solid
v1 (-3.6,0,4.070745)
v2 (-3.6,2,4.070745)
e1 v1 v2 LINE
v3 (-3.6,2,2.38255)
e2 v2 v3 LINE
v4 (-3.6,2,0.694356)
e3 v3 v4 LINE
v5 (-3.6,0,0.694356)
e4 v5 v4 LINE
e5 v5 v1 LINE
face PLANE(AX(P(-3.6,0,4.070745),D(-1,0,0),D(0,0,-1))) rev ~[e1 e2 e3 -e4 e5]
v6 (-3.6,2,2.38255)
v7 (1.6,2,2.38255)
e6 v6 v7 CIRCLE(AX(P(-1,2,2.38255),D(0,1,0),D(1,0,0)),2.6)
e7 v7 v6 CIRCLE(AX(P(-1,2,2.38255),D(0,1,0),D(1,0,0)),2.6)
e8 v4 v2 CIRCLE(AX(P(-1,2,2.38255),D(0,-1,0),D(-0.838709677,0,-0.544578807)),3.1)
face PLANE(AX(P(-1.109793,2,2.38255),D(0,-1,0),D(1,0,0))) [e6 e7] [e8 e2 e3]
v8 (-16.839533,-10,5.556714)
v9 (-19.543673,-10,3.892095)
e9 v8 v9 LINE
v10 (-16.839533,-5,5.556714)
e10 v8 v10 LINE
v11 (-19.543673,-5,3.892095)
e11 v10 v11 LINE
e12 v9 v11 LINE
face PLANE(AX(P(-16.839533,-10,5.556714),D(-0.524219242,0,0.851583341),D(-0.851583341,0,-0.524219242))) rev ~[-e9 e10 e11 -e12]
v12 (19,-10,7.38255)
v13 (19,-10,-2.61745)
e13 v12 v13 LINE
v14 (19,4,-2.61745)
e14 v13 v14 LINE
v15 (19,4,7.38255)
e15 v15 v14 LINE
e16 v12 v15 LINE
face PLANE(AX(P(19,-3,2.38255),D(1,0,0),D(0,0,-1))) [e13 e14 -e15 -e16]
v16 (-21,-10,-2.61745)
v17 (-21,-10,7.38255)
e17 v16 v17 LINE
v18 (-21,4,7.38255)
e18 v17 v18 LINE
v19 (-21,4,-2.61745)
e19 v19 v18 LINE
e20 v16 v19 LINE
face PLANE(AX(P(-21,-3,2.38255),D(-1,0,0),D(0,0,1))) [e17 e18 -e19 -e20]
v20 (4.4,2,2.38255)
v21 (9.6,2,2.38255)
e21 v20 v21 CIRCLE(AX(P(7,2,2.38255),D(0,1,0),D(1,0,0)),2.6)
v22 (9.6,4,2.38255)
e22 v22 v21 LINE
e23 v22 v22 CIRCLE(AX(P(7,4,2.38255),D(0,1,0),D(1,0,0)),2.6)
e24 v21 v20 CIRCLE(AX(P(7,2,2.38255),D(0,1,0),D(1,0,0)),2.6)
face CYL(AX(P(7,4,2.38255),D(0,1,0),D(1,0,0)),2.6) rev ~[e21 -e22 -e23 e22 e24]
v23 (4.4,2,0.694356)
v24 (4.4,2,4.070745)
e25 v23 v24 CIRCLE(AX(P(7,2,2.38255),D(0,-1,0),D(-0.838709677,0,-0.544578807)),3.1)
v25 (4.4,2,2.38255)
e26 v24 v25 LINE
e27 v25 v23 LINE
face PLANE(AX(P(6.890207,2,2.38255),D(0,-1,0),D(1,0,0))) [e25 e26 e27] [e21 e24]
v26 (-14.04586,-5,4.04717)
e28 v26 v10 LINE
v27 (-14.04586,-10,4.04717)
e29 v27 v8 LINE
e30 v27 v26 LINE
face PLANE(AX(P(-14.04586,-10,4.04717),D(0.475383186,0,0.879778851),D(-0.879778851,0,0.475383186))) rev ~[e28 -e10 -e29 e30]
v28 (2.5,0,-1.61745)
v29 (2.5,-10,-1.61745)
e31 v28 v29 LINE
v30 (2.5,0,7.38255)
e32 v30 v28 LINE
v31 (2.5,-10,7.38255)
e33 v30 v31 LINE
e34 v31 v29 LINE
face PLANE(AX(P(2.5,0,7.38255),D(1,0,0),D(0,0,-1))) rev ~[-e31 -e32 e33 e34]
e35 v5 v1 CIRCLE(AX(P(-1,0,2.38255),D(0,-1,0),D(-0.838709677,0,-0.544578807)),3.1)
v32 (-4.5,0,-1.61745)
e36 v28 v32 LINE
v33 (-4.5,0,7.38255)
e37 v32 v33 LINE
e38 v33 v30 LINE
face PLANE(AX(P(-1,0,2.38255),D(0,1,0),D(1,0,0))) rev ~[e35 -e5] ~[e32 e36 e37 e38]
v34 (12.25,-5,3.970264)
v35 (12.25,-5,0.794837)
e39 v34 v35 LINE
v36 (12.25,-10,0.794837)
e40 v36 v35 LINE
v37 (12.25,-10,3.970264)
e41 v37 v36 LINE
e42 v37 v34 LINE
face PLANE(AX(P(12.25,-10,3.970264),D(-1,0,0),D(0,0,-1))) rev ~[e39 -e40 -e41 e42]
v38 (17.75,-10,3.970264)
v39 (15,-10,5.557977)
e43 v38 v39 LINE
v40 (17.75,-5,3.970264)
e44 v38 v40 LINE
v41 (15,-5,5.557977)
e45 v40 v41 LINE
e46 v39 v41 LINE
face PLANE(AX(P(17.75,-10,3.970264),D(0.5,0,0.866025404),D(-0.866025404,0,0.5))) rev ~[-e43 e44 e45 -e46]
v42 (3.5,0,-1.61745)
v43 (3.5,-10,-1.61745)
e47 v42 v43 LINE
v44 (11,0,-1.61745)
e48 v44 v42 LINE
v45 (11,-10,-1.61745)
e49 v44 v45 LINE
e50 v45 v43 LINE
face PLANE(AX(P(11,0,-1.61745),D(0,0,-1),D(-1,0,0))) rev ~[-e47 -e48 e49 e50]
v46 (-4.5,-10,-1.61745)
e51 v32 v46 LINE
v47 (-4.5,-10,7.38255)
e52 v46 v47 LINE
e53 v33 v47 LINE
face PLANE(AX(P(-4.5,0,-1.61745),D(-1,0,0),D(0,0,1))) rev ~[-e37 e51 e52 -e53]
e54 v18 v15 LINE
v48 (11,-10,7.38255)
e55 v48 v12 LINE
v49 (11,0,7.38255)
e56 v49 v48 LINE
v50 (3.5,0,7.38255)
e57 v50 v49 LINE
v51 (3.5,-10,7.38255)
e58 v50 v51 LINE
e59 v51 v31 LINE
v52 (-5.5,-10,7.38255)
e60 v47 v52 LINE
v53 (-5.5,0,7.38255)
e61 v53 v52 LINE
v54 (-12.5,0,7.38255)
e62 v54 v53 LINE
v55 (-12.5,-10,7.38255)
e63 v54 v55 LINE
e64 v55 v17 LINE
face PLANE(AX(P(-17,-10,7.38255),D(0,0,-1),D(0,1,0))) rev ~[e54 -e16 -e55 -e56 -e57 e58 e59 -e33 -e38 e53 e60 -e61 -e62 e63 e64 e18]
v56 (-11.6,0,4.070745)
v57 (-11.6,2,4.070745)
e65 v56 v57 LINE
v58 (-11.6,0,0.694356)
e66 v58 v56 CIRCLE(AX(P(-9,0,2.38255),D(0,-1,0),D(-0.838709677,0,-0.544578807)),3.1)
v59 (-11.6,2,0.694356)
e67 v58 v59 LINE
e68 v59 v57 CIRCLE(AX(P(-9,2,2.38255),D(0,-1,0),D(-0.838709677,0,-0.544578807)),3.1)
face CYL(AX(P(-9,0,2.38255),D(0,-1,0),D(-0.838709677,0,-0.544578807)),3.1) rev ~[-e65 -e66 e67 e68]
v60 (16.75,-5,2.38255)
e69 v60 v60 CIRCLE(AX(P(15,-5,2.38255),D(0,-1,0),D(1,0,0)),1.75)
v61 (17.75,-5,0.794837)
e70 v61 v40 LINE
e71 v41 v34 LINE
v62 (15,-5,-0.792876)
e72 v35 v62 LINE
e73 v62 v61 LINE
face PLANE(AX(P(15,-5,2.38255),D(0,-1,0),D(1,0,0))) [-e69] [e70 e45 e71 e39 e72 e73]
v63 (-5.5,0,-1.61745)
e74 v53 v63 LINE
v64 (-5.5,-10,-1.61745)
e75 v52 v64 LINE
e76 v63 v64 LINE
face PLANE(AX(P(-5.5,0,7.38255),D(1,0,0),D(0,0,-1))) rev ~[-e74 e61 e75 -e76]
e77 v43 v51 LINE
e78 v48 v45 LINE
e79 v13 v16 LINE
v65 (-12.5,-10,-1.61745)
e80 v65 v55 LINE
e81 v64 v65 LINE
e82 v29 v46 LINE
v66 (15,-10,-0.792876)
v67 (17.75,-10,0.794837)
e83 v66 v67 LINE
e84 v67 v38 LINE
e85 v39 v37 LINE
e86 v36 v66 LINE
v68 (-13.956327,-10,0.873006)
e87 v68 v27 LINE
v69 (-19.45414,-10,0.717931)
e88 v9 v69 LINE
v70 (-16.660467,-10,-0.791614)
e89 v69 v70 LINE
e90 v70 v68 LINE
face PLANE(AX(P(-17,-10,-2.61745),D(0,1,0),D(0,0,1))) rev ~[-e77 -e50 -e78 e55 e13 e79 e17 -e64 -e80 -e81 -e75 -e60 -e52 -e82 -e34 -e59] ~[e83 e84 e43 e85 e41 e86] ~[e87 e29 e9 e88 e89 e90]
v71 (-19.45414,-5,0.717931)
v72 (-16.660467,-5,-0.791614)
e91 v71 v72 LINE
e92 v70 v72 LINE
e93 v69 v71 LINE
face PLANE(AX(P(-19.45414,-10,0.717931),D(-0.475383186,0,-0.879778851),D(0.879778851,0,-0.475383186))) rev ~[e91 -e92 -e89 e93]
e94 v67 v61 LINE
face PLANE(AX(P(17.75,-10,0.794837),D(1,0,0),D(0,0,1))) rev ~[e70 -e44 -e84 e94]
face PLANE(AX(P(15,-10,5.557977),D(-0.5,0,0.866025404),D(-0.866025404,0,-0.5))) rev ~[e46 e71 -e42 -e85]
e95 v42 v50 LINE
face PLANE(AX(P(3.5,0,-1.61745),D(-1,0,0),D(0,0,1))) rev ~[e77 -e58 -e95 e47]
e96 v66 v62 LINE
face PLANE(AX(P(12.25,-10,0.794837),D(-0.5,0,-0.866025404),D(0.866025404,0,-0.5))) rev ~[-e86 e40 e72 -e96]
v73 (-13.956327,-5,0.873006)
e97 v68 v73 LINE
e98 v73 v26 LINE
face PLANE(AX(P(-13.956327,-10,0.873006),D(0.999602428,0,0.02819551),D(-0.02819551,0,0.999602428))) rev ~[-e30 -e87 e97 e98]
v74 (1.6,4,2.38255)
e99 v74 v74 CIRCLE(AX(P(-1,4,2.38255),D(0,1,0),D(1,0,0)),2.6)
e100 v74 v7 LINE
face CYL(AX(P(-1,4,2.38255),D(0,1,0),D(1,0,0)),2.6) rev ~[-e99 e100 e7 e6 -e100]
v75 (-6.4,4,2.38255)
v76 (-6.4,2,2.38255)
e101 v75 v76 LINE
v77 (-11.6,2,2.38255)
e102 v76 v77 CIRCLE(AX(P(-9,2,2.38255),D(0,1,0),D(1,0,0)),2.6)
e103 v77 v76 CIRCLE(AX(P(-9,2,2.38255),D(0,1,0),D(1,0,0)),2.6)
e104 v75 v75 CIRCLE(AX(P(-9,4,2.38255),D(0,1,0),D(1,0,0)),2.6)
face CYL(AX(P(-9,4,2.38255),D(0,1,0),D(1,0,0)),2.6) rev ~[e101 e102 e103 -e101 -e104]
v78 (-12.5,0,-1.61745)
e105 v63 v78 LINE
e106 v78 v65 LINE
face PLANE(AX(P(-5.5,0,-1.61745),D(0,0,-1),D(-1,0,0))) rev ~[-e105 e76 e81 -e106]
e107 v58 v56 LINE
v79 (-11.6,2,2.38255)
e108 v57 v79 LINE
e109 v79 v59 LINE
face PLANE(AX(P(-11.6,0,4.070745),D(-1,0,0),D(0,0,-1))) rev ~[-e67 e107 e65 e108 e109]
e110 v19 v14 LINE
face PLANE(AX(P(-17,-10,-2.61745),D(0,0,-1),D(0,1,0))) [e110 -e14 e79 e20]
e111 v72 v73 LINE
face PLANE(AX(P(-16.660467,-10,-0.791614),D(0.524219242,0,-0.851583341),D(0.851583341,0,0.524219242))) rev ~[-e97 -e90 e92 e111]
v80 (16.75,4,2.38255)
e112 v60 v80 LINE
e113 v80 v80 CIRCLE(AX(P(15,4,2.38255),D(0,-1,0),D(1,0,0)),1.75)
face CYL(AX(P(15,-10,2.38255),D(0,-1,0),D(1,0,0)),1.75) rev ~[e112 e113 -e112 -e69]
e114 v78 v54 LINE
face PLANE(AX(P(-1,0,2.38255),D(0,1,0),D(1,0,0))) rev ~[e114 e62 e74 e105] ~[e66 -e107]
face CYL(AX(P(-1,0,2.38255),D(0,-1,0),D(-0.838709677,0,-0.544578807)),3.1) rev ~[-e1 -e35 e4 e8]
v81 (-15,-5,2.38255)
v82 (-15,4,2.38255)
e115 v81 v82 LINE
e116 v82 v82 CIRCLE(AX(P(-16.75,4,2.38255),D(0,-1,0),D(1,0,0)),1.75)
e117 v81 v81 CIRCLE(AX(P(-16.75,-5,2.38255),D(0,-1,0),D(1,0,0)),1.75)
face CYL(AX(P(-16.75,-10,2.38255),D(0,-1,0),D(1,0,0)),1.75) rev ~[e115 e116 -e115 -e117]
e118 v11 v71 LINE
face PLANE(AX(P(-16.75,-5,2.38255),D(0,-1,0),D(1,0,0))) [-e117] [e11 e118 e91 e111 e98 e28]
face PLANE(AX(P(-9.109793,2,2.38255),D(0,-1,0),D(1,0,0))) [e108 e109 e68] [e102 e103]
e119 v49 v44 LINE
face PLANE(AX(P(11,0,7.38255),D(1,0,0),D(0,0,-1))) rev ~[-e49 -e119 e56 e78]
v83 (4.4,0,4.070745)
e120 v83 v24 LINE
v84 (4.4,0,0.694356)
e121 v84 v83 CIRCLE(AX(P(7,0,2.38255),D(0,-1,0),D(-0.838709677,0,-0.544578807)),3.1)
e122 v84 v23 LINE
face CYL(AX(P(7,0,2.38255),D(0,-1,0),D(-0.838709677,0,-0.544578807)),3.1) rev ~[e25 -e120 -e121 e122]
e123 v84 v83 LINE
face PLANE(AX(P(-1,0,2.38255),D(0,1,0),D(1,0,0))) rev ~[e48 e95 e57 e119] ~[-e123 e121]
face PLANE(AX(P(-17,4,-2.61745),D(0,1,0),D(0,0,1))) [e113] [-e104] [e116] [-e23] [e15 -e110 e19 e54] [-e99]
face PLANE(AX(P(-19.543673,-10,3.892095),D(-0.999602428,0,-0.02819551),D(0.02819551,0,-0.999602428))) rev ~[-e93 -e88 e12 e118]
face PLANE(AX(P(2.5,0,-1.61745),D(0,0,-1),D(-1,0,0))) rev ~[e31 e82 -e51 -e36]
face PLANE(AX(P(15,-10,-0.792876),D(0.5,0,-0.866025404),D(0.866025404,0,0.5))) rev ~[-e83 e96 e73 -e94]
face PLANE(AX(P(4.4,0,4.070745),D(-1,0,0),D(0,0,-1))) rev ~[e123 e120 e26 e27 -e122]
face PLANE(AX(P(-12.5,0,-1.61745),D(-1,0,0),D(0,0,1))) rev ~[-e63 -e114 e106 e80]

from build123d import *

# Parameters (mm, degrees)
SKETCH1_W           = 32
SKETCH1_H           = 10
BOSS_EXTRUDE1_DEPTH = 4
SKETCH2_R           = 2.6
CUT_EXTRUDE1_DEPTH  = 10
CUT_EXTRUDE4_DEPTH  = 2
BOSS_EXTRUDE4_DEPTH = 10
SKETCH9_W           = 10
SKETCH9_H           = 14
BOSS_EXTRUDE5_DEPTH = 4
SKETCH10_W          = 10
SKETCH10_H          = 14
BOSS_EXTRUDE6_DEPTH = 4
SKETCH6_R           = 1.75
CUT_EXTRUDE5_DEPTH  = 40
CUT_EXTRUDE6_DEPTH  = 5


with BuildPart() as part:
    # Sketch1 → Boss-Extrude1 (new body)
    with BuildSketch(Plane(origin=(0, 0, 0), x_dir=(1, 0, 0), z_dir=(0, 1, 0))):
        with Locations((-1, -2.382550336)):
            Rectangle(SKETCH1_W, SKETCH1_H)
    extrude(amount=BOSS_EXTRUDE1_DEPTH)

    # Sketch2 → Cut-Extrude1 (cut)
    with BuildSketch(Plane(origin=(0, 4, 0), x_dir=(1, 0, 0), z_dir=(0, 1, 0))):
        with Locations((-9, -2.382550336)):
            Circle(SKETCH2_R)
        with Locations((-1, -2.382550336)):
            Circle(SKETCH2_R)
        with Locations((7, -2.382550336)):
            Circle(SKETCH2_R)
    extrude(amount=-CUT_EXTRUDE1_DEPTH, mode=Mode.SUBTRACT)

    # Sketch3 → Cut-Extrude4 (cut)
    with BuildSketch(Plane.XZ):
        with BuildLine():
            Line((-11.6, 4.070744637), (-11.6, 0.694356034))
            ThreePointArc((-11.6, 0.694356034), (-5.9, 2.382550336), (-11.6, 4.070744637))
        make_face()
        with BuildLine():
            Line((-3.6, 4.070744637), (-3.6, 0.694356034))
            ThreePointArc((-3.6, 0.694356034), (2.1, 2.382550336), (-3.6, 4.070744637))
        make_face()
        with BuildLine():
            Line((4.4, 4.070744637), (4.4, 0.694356034))
            ThreePointArc((4.4, 0.694356034), (10.1, 2.382550336), (4.4, 4.070744637))
        make_face()
    extrude(amount=-CUT_EXTRUDE4_DEPTH, mode=Mode.SUBTRACT)

    # Sketch5 → Boss-Extrude4 (add)
    with BuildSketch(Plane.XZ):
        Polygon((-17, -1.617449664), (-17, -2.617449664), (15, -2.617449664), (15, -1.617449664), (15, 7.382550336), (11, 7.382550336), (11, -1.617449664), (3.5, -1.617449664), (3.5, 7.382550336), (2.5, 7.382550336), (2.5, -1.617449664), (-4.5, -1.617449664), (-4.5, 7.382550336), (-5.5, 7.382550336), (-5.5, -1.617449664), (-12.5, -1.617449664), (-12.5, 7.382550336), (-13, 7.382550336), (-13.5, 7.382550336), (-17, 7.382550336), align=None)
    extrude(amount=BOSS_EXTRUDE4_DEPTH)

    # Sketch9 → Boss-Extrude5 (add)
    with BuildSketch(Plane(origin=(15, 0, 0), x_dir=(0, 0, -1), z_dir=(1, 0, 0))):
        with Locations((-2.382550336, -3)):
            Rectangle(SKETCH9_W, SKETCH9_H)
    extrude(amount=BOSS_EXTRUDE5_DEPTH)

    # Sketch10 → Boss-Extrude6 (add)
    with BuildSketch(Plane.ZY.offset(17)):
        with Locations((2.382550336, -3)):
            Rectangle(SKETCH10_W, SKETCH10_H)
    extrude(amount=BOSS_EXTRUDE6_DEPTH)

    # Sketch6 → Cut-Extrude5 (cut)
    with BuildSketch(Plane.XZ.offset(10)):
        with Locations((-16.75, 2.382550336)):
            Circle(SKETCH6_R)
        with Locations((15, 2.382550336)):
            Circle(SKETCH6_R)
    extrude(amount=-CUT_EXTRUDE5_DEPTH, mode=Mode.SUBTRACT)

    # Sketch8 → Cut-Extrude6 (cut)
    with BuildSketch(Plane.XZ.offset(10)):
        Polygon((-16.839532769, 5.556714354), (-19.543673061, 3.892094692), (-19.454140291, 0.717930674), (-16.660467231, -0.791613683), (-13.956326939, 0.873005979), (-14.045859709, 4.047169998), align=None)
        Polygon((15, 5.557976816), (12.25, 3.970263576), (12.25, 0.794837095), (15, -0.792876145), (17.75, 0.794837095), (17.75, 3.970263576), align=None)
    extrude(amount=-CUT_EXTRUDE6_DEPTH, mode=Mode.SUBTRACT)


solid = part.part
